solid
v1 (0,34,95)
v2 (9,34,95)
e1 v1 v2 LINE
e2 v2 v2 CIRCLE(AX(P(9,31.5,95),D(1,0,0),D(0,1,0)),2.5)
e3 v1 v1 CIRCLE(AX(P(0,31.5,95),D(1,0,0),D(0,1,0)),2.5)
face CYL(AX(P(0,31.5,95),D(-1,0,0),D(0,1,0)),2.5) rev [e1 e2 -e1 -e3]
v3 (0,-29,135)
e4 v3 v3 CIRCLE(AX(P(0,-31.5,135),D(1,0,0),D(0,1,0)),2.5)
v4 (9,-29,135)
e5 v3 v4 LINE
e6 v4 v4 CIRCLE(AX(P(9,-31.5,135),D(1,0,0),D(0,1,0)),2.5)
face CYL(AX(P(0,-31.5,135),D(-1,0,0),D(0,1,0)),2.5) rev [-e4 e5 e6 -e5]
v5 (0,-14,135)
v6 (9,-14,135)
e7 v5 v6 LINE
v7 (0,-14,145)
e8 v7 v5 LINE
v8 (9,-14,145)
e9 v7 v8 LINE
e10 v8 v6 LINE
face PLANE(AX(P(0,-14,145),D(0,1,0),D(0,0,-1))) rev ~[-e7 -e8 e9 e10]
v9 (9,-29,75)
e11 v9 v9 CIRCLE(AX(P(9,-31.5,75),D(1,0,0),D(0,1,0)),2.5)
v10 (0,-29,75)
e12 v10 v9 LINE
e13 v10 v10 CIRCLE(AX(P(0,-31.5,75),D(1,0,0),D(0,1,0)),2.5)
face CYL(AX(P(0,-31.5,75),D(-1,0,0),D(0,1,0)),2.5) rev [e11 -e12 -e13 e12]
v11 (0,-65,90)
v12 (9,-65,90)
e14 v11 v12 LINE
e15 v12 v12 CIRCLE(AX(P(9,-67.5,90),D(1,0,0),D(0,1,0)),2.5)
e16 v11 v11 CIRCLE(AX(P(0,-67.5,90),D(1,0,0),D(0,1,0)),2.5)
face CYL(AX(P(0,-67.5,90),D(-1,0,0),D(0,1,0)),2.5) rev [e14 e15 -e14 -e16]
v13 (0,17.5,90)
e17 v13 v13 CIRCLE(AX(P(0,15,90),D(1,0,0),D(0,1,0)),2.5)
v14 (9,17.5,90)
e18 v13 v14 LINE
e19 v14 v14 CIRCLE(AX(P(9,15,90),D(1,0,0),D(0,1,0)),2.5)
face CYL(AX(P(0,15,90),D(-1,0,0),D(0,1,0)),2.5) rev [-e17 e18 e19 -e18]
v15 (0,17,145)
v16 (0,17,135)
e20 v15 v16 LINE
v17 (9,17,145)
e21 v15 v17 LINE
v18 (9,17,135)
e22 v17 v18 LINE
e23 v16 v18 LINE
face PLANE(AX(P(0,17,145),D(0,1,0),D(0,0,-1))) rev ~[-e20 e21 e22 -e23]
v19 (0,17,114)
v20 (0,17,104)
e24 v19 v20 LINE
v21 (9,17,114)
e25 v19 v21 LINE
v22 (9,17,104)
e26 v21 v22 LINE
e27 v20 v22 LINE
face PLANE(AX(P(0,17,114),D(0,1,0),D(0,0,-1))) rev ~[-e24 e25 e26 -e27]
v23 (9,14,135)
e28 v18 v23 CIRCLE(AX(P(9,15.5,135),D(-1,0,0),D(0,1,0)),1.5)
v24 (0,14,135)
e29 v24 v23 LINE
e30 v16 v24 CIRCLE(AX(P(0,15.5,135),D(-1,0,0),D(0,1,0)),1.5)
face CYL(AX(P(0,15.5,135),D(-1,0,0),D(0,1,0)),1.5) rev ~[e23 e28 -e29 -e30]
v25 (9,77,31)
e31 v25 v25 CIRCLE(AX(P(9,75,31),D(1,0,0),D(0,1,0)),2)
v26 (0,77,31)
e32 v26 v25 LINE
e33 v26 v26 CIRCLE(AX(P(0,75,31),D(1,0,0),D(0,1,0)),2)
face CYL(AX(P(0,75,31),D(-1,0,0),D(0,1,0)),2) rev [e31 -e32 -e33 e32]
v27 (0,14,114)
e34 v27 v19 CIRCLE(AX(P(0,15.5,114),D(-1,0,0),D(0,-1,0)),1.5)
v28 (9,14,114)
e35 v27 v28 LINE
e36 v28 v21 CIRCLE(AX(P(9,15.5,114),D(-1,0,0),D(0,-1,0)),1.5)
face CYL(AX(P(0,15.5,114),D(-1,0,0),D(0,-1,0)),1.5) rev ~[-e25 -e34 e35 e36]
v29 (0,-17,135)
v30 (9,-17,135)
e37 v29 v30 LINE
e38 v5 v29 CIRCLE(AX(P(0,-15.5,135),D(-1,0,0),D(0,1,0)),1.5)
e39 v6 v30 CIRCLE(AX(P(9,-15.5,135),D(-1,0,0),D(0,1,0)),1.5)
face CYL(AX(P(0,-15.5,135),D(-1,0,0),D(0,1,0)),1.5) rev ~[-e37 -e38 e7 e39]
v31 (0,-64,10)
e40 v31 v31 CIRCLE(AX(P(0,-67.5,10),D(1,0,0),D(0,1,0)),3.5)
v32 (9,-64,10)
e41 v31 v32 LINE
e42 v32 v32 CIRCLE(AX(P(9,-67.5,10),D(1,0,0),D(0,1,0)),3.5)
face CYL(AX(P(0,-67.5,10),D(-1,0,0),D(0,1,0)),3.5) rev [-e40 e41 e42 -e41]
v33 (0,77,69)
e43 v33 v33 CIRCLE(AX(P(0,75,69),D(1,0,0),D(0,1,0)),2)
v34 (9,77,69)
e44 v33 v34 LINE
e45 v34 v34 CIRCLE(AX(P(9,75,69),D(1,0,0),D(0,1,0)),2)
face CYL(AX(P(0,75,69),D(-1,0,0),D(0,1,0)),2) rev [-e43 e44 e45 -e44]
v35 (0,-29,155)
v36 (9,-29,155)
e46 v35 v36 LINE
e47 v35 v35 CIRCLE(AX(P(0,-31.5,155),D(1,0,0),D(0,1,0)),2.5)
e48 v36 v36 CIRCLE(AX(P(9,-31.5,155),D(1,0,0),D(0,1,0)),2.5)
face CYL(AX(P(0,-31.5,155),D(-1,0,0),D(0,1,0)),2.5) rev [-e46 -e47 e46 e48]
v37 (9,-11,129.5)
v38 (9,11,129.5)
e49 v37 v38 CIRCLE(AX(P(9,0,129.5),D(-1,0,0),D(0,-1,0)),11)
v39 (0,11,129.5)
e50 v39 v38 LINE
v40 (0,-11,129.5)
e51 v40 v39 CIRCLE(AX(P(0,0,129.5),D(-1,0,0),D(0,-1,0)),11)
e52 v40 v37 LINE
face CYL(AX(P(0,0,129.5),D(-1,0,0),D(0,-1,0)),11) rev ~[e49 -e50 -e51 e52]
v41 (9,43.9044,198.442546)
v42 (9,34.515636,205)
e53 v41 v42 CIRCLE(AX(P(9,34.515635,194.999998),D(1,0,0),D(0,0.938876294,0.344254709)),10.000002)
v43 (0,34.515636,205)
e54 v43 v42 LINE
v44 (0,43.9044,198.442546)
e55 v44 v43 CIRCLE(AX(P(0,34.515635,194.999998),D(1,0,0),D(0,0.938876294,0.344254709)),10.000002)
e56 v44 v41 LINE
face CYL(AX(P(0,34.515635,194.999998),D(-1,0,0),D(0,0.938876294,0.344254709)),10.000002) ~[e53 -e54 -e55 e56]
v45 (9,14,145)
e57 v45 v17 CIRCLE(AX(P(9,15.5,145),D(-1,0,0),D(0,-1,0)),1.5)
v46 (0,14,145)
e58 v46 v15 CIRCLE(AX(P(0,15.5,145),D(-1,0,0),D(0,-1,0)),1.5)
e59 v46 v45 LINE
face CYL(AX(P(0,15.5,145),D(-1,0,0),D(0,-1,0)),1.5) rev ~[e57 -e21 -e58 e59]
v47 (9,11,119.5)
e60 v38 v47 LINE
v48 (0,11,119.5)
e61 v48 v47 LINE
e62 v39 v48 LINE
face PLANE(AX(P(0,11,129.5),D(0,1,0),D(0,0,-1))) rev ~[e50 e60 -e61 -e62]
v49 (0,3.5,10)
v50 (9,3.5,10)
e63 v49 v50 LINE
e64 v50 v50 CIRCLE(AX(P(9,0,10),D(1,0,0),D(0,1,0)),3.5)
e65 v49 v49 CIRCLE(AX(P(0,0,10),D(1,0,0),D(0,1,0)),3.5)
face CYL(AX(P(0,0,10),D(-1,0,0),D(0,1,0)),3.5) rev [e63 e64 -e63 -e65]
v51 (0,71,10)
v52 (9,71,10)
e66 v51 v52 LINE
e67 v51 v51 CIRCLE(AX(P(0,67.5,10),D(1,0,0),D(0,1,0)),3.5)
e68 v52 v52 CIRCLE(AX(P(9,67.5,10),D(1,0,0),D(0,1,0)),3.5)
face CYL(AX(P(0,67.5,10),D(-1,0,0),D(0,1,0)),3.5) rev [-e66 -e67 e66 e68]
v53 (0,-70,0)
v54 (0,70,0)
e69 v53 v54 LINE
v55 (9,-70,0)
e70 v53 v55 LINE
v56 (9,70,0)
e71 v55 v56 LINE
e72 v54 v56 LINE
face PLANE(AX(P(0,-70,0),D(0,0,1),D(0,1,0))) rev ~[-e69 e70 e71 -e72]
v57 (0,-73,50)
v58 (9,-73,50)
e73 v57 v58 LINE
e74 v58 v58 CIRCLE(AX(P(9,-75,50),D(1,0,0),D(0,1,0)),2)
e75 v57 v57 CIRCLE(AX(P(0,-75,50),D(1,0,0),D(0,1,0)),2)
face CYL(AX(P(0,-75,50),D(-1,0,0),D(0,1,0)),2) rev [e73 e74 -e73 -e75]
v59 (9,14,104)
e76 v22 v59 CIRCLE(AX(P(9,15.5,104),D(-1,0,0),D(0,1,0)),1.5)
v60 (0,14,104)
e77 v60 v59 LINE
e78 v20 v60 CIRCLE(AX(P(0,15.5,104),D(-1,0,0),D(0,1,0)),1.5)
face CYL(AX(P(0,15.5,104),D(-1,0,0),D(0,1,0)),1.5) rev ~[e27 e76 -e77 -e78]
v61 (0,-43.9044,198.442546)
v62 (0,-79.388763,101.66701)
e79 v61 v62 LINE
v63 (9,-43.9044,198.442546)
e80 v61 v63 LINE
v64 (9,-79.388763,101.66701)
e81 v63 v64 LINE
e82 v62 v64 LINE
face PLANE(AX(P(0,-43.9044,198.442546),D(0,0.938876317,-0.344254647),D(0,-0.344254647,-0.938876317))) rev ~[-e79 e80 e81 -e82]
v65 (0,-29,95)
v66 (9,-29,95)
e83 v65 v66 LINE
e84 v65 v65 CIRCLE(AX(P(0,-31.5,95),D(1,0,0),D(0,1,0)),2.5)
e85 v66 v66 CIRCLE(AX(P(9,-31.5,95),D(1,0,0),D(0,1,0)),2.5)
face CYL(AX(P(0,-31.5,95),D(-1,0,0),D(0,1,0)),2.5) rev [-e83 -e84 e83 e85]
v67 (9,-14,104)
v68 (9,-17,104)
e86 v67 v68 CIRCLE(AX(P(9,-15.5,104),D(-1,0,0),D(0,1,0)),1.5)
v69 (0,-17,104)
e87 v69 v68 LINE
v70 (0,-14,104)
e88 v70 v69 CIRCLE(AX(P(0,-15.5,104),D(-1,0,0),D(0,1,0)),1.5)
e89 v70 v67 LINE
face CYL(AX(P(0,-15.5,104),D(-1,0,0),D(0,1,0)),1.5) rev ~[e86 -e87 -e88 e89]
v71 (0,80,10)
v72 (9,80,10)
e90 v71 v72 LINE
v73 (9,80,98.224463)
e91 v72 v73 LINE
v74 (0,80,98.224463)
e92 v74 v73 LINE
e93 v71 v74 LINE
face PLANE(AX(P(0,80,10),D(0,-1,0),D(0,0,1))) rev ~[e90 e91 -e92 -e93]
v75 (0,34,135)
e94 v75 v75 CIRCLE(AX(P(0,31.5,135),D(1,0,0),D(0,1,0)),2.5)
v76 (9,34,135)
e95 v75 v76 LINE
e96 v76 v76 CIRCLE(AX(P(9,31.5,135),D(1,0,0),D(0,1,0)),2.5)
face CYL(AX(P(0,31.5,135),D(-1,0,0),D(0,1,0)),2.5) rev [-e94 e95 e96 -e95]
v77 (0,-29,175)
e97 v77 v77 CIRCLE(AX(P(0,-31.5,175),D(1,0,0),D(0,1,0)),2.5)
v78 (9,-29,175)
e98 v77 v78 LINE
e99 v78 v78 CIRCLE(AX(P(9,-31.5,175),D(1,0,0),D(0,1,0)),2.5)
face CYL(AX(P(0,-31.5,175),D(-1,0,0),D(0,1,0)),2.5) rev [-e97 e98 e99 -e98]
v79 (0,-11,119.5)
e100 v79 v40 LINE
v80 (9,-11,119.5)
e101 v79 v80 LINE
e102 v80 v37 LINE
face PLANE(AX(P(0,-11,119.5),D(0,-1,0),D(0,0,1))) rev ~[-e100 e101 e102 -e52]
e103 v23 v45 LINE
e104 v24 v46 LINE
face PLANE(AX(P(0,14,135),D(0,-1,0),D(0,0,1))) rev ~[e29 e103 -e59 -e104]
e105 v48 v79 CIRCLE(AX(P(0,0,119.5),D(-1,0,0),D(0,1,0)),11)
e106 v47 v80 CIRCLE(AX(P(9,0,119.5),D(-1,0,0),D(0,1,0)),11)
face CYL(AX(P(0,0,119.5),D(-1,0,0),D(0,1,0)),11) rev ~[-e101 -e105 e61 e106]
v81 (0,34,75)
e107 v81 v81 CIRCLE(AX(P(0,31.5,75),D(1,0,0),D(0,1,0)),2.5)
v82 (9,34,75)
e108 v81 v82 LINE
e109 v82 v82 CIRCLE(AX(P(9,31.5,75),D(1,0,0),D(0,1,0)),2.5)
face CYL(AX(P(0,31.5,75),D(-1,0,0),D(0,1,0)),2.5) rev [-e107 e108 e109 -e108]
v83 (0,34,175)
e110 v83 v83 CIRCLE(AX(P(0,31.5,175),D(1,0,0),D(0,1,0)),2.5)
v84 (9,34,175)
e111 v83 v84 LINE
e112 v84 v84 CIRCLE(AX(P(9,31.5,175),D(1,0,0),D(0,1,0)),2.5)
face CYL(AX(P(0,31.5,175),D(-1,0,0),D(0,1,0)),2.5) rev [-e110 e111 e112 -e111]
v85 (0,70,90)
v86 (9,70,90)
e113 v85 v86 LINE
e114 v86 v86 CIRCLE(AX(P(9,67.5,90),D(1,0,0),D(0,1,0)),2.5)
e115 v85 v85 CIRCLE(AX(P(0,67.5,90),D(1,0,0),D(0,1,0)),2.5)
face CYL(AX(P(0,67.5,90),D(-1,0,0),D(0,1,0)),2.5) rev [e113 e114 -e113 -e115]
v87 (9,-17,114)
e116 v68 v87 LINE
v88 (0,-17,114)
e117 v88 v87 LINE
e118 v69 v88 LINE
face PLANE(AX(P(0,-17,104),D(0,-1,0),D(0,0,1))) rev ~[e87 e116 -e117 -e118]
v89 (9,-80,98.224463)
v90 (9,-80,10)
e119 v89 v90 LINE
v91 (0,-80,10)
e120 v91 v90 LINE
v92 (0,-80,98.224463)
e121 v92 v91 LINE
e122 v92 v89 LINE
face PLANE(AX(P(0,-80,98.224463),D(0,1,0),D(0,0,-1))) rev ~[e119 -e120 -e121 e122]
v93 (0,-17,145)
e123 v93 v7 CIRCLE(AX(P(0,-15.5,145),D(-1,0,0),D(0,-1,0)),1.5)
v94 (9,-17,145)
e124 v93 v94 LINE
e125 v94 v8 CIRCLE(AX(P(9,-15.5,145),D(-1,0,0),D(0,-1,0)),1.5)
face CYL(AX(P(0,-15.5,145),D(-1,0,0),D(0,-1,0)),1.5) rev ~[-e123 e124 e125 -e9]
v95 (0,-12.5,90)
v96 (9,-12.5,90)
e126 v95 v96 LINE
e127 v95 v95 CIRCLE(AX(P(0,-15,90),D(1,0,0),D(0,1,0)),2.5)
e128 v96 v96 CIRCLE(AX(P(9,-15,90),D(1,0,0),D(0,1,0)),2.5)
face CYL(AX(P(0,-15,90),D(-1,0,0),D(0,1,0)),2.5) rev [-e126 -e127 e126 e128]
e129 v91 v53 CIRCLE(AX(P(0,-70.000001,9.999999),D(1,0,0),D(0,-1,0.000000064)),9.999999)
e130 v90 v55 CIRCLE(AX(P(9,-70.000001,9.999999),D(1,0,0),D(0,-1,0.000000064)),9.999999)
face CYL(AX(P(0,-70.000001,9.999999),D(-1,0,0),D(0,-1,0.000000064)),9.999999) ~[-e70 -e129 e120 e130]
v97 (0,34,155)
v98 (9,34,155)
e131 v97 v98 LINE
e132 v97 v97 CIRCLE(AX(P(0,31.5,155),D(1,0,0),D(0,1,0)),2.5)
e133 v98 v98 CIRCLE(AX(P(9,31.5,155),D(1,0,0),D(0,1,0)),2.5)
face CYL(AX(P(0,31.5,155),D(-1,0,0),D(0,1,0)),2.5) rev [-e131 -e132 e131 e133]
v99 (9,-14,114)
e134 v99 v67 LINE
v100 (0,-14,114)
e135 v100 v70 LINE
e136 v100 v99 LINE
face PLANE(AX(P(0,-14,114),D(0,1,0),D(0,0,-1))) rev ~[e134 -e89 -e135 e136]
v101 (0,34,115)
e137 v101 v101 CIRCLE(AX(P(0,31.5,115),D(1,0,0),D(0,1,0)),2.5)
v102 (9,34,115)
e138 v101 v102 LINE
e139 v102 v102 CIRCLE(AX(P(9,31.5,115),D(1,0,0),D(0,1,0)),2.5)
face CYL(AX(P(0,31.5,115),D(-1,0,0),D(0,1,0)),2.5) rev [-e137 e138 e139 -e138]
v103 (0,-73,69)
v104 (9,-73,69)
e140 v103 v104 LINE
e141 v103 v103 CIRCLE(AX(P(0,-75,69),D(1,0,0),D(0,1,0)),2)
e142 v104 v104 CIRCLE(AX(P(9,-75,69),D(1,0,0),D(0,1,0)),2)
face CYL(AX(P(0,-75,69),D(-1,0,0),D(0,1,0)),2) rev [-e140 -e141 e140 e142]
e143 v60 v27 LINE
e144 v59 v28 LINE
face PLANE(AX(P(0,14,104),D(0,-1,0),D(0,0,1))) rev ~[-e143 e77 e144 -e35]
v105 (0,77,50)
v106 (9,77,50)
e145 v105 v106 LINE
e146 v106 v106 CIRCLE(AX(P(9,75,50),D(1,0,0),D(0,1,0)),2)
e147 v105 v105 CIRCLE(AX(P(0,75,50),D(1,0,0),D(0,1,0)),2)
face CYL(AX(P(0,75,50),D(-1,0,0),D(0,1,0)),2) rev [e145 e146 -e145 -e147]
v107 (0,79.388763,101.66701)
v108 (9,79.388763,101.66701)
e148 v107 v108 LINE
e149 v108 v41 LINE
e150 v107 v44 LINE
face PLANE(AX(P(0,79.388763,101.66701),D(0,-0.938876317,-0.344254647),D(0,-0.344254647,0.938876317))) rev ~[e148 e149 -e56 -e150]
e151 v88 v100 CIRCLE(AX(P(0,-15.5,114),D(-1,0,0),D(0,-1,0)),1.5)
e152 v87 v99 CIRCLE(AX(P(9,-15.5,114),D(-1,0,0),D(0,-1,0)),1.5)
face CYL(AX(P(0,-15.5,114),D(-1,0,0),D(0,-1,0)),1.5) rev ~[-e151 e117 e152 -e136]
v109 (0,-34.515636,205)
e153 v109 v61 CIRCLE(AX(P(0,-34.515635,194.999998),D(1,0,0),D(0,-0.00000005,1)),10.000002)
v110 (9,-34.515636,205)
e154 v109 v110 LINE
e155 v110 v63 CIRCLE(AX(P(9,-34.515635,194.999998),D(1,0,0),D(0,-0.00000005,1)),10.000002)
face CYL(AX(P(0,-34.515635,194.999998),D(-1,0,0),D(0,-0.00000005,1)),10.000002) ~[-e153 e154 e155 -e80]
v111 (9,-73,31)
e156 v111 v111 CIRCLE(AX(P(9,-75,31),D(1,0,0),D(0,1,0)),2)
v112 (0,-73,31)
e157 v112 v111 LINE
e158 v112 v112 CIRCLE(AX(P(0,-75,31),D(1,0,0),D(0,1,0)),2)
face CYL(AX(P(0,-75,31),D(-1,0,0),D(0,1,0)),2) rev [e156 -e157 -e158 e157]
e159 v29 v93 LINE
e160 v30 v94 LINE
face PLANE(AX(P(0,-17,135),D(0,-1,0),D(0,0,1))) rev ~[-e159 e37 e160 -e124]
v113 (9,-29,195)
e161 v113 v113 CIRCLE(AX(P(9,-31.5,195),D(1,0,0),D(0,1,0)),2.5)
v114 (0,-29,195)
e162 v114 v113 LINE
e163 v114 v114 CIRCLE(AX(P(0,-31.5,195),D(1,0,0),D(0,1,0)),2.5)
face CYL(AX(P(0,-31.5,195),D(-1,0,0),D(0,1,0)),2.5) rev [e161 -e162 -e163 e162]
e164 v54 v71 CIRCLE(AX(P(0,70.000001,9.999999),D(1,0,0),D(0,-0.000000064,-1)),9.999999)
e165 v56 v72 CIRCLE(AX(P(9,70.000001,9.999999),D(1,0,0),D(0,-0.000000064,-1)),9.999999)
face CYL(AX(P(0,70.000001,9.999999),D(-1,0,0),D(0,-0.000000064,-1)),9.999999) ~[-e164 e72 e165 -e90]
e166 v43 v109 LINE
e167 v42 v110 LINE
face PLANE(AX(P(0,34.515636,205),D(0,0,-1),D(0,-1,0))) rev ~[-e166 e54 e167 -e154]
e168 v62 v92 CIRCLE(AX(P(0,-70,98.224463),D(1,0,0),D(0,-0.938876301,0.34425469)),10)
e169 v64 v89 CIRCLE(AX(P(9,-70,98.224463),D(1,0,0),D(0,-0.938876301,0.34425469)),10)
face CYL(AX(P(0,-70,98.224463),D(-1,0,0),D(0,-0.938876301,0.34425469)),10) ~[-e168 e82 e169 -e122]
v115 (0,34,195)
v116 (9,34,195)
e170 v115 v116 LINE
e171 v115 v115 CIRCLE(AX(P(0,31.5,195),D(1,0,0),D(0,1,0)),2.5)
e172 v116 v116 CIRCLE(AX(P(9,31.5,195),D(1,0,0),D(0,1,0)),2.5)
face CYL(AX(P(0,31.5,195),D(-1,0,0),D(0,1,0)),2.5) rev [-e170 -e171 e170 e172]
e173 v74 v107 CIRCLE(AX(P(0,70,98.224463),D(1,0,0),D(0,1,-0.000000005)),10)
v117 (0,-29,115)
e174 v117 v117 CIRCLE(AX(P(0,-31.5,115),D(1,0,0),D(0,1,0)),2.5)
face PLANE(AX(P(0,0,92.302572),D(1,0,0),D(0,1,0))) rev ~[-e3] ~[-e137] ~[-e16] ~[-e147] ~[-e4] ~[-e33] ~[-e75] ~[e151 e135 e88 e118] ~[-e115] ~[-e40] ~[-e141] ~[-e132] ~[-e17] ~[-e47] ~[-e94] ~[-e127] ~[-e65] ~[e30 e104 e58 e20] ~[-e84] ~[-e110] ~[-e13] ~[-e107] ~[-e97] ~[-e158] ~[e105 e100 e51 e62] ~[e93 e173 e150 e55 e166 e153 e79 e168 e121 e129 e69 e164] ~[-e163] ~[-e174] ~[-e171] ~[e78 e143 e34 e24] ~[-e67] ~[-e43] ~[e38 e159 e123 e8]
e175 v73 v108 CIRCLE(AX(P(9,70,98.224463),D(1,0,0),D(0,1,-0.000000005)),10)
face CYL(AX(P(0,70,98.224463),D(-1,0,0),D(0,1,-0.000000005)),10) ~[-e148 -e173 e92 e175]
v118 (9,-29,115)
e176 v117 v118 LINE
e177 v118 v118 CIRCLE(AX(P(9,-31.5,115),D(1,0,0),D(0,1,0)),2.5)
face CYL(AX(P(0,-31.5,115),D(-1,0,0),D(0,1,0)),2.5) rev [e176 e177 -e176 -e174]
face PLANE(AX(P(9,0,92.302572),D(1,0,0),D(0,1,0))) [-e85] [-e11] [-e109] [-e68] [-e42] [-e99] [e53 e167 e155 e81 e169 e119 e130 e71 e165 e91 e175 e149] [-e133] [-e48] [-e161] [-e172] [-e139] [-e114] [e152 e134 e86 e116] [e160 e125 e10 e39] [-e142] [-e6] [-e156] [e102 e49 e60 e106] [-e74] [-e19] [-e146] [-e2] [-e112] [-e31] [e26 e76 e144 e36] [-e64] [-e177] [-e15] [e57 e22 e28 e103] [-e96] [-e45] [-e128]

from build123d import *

# Parameters (mm, degrees)
F0_R     = 3.5
F0_R_2   = 2
F0_R_3   = 2.5
F1_DEPTH = 9


with BuildPart() as f1:
    # F0 (on Right) → F1 (new body)
    with BuildSketch(Plane.YZ):
        with BuildLine():
            Line((34.515636, 205), (-34.515636, 205))
            ThreePointArc((-34.515636, 205), (-40.241653, 203.198337), (-43.9044, 198.442546))
            Line((-43.9044, 198.442546), (-79.388763, 101.66701))
            ThreePointArc((-79.388763, 101.66701), (-79.846005, 99.972658), (-80, 98.224463))
            Line((-80, 98.224463), (-80, 10))
            ThreePointArc((-80, 10), (-77.071068, 2.928932), (-70, 0))
            Line((-70, 0), (70, 0))
            ThreePointArc((70, 0), (77.071068, 2.928932), (80, 10))
            Line((80, 10), (80, 98.224463))
            ThreePointArc((80, 98.224463), (79.846005, 99.972658), (79.388763, 101.66701))
            Line((79.388763, 101.66701), (43.9044, 198.442546))
            ThreePointArc((43.9044, 198.442546), (40.241653, 203.198337), (34.515636, 205))
        make_face()
        with Locations((-67.5, 10)):
            Circle(F0_R, mode=Mode.SUBTRACT)
        with Locations((-75, 31)):
            Circle(F0_R_2, mode=Mode.SUBTRACT)
        with Locations((-75, 50)):
            Circle(F0_R_2, mode=Mode.SUBTRACT)
        with Locations((-75, 69)):
            Circle(F0_R_2, mode=Mode.SUBTRACT)
        with Locations((-67.5, 90)):
            Circle(F0_R_3, mode=Mode.SUBTRACT)
        with Locations((-31.5, 75)):
            Circle(F0_R_3, mode=Mode.SUBTRACT)
        with Locations((-31.5, 95)):
            Circle(F0_R_3, mode=Mode.SUBTRACT)
        with Locations((-15, 90)):
            Circle(F0_R_3, mode=Mode.SUBTRACT)
        with Locations((0, 10)):
            Circle(F0_R, mode=Mode.SUBTRACT)
        with Locations((67.5, 10)):
            Circle(F0_R, mode=Mode.SUBTRACT)
        with Locations((75, 31)):
            Circle(F0_R_2, mode=Mode.SUBTRACT)
        with Locations((75, 50)):
            Circle(F0_R_2, mode=Mode.SUBTRACT)
        with Locations((31.5, 75)):
            Circle(F0_R_3, mode=Mode.SUBTRACT)
        with Locations((15, 90)):
            Circle(F0_R_3, mode=Mode.SUBTRACT)
        with Locations((31.5, 95)):
            Circle(F0_R_3, mode=Mode.SUBTRACT)
        with Locations((75, 69)):
            Circle(F0_R_2, mode=Mode.SUBTRACT)
        with Locations((67.5, 90)):
            Circle(F0_R_3, mode=Mode.SUBTRACT)
        with Locations((-31.5, 115)):
            Circle(F0_R_3, mode=Mode.SUBTRACT)
        with BuildLine():
            ThreePointArc((-14, 104), (-15.5, 102.5), (-17, 104))
            Line((-17, 104), (-17, 114))
            ThreePointArc((-17, 114), (-15.5, 115.5), (-14, 114))
            Line((-14, 114), (-14, 104))
        make_face(mode=Mode.SUBTRACT)
        with Locations((-31.5, 135)):
            Circle(F0_R_3, mode=Mode.SUBTRACT)
        with BuildLine():
            ThreePointArc((-17, 145), (-15.5, 146.5), (-14, 145))
            Line((-14, 145), (-14, 135))
            ThreePointArc((-14, 135), (-15.5, 133.5), (-17, 135))
            Line((-17, 135), (-17, 145))
        make_face(mode=Mode.SUBTRACT)
        with Locations((-31.5, 155)):
            Circle(F0_R_3, mode=Mode.SUBTRACT)
        with Locations((-31.5, 175)):
            Circle(F0_R_3, mode=Mode.SUBTRACT)
        with Locations((-31.5, 195)):
            Circle(F0_R_3, mode=Mode.SUBTRACT)
        with BuildLine():
            Line((17, 114), (17, 104))
            ThreePointArc((17, 104), (15.5, 102.5), (14, 104))
            Line((14, 104), (14, 114))
            ThreePointArc((14, 114), (15.5, 115.5), (17, 114))
        make_face(mode=Mode.SUBTRACT)
        with BuildLine():
            ThreePointArc((-11, 129.5), (0, 140.5), (11, 129.5))
            Line((11, 129.5), (11, 119.5))
            ThreePointArc((11, 119.5), (0, 108.5), (-11, 119.5))
            Line((-11, 119.5), (-11, 129.5))
        make_face(mode=Mode.SUBTRACT)
        with Locations((31.5, 115)):
            Circle(F0_R_3, mode=Mode.SUBTRACT)
        with BuildLine():
            Line((14, 135), (14, 145))
            ThreePointArc((14, 145), (15.5, 146.5), (17, 145))
            Line((17, 145), (17, 135))
            ThreePointArc((17, 135), (15.5, 133.5), (14, 135))
        make_face(mode=Mode.SUBTRACT)
        with Locations((31.5, 135)):
            Circle(F0_R_3, mode=Mode.SUBTRACT)
        with Locations((31.5, 155)):
            Circle(F0_R_3, mode=Mode.SUBTRACT)
        with Locations((31.5, 175)):
            Circle(F0_R_3, mode=Mode.SUBTRACT)
        with Locations((31.5, 195)):
            Circle(F0_R_3, mode=Mode.SUBTRACT)
    extrude(amount=F1_DEPTH)


solid = f1.part
